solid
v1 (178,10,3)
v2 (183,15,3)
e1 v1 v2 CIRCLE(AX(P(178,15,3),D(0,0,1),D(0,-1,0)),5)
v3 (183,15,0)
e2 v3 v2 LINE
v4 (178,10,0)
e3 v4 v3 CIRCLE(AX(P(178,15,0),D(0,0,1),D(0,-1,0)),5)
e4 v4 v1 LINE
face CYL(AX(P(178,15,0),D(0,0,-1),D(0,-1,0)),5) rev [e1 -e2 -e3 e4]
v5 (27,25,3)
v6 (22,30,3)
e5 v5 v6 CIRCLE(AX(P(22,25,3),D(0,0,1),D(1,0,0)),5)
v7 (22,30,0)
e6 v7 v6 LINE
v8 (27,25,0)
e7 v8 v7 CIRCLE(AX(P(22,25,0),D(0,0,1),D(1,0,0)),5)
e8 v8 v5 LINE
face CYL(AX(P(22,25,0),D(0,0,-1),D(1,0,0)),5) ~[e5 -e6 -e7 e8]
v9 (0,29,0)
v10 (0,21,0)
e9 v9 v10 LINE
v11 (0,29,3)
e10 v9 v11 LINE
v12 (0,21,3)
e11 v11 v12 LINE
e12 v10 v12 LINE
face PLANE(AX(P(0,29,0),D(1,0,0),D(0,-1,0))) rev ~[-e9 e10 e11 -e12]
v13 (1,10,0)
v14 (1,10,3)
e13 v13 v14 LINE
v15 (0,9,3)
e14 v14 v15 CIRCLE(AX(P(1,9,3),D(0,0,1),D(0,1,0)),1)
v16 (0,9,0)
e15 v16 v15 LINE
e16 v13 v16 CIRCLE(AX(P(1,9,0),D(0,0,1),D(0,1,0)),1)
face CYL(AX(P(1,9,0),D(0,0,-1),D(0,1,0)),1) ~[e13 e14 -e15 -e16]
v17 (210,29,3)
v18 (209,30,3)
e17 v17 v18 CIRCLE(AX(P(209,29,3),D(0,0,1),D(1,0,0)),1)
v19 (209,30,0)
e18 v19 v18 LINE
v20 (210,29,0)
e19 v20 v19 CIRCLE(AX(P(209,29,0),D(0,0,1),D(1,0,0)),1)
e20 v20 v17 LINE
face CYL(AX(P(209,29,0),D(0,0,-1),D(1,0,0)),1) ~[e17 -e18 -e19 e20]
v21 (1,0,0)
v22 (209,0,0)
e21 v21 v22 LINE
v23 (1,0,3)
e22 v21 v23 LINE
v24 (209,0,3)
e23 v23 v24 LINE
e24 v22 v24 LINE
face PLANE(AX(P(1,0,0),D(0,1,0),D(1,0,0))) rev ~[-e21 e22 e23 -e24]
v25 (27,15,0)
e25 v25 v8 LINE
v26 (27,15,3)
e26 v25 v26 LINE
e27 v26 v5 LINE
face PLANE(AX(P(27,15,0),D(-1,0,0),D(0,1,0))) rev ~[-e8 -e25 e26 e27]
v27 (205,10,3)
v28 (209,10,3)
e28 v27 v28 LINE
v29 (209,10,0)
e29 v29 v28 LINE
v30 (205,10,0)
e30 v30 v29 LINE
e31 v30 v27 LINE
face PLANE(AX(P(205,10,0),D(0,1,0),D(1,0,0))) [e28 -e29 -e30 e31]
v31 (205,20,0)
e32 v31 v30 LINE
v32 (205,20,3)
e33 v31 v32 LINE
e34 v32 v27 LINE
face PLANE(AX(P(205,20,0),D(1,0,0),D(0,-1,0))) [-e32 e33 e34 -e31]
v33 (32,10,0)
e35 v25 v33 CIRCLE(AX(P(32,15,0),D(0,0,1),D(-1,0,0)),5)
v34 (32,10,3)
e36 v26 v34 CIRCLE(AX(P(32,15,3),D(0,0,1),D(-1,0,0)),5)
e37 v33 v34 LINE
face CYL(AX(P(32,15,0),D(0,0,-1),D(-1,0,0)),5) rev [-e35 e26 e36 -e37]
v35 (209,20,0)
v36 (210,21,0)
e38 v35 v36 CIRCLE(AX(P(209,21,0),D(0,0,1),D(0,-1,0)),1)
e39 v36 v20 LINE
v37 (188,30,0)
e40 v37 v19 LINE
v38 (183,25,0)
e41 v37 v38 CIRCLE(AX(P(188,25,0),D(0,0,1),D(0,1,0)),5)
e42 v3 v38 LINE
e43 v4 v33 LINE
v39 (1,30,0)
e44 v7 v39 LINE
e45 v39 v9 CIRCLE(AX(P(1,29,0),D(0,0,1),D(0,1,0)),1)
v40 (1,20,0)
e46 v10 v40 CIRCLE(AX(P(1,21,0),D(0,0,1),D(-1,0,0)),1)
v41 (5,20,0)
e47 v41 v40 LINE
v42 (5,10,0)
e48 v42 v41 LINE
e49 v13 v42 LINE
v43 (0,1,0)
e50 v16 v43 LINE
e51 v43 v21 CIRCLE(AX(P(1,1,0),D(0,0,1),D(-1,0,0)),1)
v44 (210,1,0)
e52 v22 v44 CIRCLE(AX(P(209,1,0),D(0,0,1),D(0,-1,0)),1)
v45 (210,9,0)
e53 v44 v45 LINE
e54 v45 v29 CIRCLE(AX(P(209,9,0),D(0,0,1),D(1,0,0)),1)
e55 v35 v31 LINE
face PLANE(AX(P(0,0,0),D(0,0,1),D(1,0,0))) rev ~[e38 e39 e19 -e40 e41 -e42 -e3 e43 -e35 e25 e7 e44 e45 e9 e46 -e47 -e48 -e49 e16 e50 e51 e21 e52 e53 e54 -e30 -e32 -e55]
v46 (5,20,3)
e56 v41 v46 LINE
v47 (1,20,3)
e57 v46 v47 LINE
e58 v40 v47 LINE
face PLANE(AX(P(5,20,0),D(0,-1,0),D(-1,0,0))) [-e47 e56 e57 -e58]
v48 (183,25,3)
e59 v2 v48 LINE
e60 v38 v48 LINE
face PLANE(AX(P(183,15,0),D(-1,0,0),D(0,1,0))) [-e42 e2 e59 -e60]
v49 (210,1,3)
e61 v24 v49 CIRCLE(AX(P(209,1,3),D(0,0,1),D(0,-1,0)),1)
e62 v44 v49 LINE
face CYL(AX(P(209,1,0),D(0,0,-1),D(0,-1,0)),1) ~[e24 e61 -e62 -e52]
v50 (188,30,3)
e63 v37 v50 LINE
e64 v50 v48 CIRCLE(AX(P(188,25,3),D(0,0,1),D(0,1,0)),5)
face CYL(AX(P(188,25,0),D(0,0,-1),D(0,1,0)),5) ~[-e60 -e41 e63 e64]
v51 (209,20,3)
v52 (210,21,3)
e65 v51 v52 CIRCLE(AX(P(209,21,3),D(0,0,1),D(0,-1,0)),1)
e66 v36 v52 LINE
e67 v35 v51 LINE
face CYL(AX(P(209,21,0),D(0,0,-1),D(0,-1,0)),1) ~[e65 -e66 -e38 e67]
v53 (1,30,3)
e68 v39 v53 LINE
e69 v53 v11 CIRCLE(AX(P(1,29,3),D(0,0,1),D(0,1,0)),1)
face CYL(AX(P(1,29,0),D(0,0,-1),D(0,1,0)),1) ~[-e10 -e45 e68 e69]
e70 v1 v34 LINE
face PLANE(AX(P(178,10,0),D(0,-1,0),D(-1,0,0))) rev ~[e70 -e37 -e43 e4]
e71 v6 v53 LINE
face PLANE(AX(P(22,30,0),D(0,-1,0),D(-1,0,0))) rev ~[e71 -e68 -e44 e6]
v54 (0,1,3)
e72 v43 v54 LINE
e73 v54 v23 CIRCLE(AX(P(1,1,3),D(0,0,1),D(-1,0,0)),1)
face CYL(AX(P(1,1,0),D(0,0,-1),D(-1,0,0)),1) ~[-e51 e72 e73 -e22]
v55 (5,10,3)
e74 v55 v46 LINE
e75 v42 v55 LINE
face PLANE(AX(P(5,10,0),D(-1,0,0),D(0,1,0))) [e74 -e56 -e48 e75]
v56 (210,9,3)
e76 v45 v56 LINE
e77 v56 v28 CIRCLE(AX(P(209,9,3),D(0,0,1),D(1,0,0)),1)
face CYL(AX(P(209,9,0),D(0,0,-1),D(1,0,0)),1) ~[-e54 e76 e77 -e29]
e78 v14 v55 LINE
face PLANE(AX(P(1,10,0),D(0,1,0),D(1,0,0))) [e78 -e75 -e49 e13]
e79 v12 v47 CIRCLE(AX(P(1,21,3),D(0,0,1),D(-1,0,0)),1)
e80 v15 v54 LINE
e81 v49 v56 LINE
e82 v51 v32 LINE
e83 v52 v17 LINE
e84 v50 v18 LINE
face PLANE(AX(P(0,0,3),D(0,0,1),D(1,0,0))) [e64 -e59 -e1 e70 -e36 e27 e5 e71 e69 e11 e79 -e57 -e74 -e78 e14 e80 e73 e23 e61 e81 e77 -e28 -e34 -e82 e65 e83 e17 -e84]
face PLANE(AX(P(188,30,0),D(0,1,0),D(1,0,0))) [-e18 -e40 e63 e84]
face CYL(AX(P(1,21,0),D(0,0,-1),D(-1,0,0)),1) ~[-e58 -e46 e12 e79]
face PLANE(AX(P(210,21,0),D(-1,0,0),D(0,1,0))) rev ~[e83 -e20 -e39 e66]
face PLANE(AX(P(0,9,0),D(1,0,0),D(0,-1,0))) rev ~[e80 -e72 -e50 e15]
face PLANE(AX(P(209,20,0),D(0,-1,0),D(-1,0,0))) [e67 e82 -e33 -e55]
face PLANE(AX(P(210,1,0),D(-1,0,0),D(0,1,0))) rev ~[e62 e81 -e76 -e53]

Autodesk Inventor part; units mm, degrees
ref_plane "YZ Plane" through (0, 0, 0) normal (1, 0, 0) x (0, 1, 0)
ref_plane "XZ Plane" through (0, 0, 0) normal (0, 1, 0) x (-1, 0, 0)
ref_plane "XY Plane" through (0, 0, 0) normal (0, 0, 1) x (1, 0, 0)
sketch "Sketch1" plane through (0, 0, 0) normal (0, 0, 1) x (1, 0, 0)
  line L0 (1, 0) -> (209, 0)
  line L1 (178, 10) -> (32, 10)
  arc A0 (209, 0) -> (210, 1) centre (209, 1) ccw
  arc A1 (0, 1) -> (1, 0) centre (1, 1) ccw
  line L2 (27, 15) -> (27, 25)
  line L3 (22, 30) -> (1, 30)
  line L4 (1, 10) -> (5, 10)
  line L5 (5, 10) -> (5, 20)
  line L6 (5, 20) -> (1, 20)
  line L7 (0, 29) -> (0, 21)
  line L8 (0, 9) -> (0, 1)
  arc A2 (1, 30) -> (0, 29) centre (1, 29) ccw
  arc A3 (0, 21) -> (1, 20) centre (1, 21) ccw
  arc A4 (1, 10) -> (0, 9) centre (1, 9) ccw
  line L9 (183, 15) -> (183, 25)
  line L10 (188, 30) -> (209, 30)
  line L11 (209, 20) -> (205, 20)
  line L12 (205, 20) -> (205, 10)
  line L13 (205, 10) -> (209, 10)
  line L14 (210, 1) -> (210, 9)
  line L15 (210, 21) -> (210, 29)
  arc A5 (210, 29) -> (209, 30) centre (209, 29) ccw
  arc A6 (209, 20) -> (210, 21) centre (209, 21) ccw
  arc A7 (210, 9) -> (209, 10) centre (209, 9) ccw
  arc A8 (27, 25) -> (22, 30) centre (22, 25) ccw
  arc A9 (27, 15) -> (32, 10) centre (32, 15) ccw
  arc A10 (178, 10) -> (183, 15) centre (178, 15) ccw
  arc A11 (188, 30) -> (183, 25) centre (188, 25) ccw
  point P0 (0, 0)
  point P1 (183, 10)
  point P2 (27, 10)
  point P3 (27, 30)
  point P4 (0, 30)
  point P5 (210, 30)
  point P6 (183, 30)
  point P7 (210, 20)
  point P8 (210, 10)
  dimension "d0" = 10
  dimension "d2" = 1
  dimension "d8" = 27
  dimension "d9" = 10
  dimension "d11" = 5
  dimension "d12" = 1
  dimension "d13" = 27
  dimension "d14" = 5
  dimension "d15" = 10
  dimension "d16" = 10
  dimension "d17" = 30
  dimension "d18" = 1
  dimension "d19" = 30
  dimension "d20" = 210
  dimension "d21" = 5
extrude "Extrusion1" add sketch "Sketch1" along normal blind 3
properties part number "Bulkhead Brace 25100613"
